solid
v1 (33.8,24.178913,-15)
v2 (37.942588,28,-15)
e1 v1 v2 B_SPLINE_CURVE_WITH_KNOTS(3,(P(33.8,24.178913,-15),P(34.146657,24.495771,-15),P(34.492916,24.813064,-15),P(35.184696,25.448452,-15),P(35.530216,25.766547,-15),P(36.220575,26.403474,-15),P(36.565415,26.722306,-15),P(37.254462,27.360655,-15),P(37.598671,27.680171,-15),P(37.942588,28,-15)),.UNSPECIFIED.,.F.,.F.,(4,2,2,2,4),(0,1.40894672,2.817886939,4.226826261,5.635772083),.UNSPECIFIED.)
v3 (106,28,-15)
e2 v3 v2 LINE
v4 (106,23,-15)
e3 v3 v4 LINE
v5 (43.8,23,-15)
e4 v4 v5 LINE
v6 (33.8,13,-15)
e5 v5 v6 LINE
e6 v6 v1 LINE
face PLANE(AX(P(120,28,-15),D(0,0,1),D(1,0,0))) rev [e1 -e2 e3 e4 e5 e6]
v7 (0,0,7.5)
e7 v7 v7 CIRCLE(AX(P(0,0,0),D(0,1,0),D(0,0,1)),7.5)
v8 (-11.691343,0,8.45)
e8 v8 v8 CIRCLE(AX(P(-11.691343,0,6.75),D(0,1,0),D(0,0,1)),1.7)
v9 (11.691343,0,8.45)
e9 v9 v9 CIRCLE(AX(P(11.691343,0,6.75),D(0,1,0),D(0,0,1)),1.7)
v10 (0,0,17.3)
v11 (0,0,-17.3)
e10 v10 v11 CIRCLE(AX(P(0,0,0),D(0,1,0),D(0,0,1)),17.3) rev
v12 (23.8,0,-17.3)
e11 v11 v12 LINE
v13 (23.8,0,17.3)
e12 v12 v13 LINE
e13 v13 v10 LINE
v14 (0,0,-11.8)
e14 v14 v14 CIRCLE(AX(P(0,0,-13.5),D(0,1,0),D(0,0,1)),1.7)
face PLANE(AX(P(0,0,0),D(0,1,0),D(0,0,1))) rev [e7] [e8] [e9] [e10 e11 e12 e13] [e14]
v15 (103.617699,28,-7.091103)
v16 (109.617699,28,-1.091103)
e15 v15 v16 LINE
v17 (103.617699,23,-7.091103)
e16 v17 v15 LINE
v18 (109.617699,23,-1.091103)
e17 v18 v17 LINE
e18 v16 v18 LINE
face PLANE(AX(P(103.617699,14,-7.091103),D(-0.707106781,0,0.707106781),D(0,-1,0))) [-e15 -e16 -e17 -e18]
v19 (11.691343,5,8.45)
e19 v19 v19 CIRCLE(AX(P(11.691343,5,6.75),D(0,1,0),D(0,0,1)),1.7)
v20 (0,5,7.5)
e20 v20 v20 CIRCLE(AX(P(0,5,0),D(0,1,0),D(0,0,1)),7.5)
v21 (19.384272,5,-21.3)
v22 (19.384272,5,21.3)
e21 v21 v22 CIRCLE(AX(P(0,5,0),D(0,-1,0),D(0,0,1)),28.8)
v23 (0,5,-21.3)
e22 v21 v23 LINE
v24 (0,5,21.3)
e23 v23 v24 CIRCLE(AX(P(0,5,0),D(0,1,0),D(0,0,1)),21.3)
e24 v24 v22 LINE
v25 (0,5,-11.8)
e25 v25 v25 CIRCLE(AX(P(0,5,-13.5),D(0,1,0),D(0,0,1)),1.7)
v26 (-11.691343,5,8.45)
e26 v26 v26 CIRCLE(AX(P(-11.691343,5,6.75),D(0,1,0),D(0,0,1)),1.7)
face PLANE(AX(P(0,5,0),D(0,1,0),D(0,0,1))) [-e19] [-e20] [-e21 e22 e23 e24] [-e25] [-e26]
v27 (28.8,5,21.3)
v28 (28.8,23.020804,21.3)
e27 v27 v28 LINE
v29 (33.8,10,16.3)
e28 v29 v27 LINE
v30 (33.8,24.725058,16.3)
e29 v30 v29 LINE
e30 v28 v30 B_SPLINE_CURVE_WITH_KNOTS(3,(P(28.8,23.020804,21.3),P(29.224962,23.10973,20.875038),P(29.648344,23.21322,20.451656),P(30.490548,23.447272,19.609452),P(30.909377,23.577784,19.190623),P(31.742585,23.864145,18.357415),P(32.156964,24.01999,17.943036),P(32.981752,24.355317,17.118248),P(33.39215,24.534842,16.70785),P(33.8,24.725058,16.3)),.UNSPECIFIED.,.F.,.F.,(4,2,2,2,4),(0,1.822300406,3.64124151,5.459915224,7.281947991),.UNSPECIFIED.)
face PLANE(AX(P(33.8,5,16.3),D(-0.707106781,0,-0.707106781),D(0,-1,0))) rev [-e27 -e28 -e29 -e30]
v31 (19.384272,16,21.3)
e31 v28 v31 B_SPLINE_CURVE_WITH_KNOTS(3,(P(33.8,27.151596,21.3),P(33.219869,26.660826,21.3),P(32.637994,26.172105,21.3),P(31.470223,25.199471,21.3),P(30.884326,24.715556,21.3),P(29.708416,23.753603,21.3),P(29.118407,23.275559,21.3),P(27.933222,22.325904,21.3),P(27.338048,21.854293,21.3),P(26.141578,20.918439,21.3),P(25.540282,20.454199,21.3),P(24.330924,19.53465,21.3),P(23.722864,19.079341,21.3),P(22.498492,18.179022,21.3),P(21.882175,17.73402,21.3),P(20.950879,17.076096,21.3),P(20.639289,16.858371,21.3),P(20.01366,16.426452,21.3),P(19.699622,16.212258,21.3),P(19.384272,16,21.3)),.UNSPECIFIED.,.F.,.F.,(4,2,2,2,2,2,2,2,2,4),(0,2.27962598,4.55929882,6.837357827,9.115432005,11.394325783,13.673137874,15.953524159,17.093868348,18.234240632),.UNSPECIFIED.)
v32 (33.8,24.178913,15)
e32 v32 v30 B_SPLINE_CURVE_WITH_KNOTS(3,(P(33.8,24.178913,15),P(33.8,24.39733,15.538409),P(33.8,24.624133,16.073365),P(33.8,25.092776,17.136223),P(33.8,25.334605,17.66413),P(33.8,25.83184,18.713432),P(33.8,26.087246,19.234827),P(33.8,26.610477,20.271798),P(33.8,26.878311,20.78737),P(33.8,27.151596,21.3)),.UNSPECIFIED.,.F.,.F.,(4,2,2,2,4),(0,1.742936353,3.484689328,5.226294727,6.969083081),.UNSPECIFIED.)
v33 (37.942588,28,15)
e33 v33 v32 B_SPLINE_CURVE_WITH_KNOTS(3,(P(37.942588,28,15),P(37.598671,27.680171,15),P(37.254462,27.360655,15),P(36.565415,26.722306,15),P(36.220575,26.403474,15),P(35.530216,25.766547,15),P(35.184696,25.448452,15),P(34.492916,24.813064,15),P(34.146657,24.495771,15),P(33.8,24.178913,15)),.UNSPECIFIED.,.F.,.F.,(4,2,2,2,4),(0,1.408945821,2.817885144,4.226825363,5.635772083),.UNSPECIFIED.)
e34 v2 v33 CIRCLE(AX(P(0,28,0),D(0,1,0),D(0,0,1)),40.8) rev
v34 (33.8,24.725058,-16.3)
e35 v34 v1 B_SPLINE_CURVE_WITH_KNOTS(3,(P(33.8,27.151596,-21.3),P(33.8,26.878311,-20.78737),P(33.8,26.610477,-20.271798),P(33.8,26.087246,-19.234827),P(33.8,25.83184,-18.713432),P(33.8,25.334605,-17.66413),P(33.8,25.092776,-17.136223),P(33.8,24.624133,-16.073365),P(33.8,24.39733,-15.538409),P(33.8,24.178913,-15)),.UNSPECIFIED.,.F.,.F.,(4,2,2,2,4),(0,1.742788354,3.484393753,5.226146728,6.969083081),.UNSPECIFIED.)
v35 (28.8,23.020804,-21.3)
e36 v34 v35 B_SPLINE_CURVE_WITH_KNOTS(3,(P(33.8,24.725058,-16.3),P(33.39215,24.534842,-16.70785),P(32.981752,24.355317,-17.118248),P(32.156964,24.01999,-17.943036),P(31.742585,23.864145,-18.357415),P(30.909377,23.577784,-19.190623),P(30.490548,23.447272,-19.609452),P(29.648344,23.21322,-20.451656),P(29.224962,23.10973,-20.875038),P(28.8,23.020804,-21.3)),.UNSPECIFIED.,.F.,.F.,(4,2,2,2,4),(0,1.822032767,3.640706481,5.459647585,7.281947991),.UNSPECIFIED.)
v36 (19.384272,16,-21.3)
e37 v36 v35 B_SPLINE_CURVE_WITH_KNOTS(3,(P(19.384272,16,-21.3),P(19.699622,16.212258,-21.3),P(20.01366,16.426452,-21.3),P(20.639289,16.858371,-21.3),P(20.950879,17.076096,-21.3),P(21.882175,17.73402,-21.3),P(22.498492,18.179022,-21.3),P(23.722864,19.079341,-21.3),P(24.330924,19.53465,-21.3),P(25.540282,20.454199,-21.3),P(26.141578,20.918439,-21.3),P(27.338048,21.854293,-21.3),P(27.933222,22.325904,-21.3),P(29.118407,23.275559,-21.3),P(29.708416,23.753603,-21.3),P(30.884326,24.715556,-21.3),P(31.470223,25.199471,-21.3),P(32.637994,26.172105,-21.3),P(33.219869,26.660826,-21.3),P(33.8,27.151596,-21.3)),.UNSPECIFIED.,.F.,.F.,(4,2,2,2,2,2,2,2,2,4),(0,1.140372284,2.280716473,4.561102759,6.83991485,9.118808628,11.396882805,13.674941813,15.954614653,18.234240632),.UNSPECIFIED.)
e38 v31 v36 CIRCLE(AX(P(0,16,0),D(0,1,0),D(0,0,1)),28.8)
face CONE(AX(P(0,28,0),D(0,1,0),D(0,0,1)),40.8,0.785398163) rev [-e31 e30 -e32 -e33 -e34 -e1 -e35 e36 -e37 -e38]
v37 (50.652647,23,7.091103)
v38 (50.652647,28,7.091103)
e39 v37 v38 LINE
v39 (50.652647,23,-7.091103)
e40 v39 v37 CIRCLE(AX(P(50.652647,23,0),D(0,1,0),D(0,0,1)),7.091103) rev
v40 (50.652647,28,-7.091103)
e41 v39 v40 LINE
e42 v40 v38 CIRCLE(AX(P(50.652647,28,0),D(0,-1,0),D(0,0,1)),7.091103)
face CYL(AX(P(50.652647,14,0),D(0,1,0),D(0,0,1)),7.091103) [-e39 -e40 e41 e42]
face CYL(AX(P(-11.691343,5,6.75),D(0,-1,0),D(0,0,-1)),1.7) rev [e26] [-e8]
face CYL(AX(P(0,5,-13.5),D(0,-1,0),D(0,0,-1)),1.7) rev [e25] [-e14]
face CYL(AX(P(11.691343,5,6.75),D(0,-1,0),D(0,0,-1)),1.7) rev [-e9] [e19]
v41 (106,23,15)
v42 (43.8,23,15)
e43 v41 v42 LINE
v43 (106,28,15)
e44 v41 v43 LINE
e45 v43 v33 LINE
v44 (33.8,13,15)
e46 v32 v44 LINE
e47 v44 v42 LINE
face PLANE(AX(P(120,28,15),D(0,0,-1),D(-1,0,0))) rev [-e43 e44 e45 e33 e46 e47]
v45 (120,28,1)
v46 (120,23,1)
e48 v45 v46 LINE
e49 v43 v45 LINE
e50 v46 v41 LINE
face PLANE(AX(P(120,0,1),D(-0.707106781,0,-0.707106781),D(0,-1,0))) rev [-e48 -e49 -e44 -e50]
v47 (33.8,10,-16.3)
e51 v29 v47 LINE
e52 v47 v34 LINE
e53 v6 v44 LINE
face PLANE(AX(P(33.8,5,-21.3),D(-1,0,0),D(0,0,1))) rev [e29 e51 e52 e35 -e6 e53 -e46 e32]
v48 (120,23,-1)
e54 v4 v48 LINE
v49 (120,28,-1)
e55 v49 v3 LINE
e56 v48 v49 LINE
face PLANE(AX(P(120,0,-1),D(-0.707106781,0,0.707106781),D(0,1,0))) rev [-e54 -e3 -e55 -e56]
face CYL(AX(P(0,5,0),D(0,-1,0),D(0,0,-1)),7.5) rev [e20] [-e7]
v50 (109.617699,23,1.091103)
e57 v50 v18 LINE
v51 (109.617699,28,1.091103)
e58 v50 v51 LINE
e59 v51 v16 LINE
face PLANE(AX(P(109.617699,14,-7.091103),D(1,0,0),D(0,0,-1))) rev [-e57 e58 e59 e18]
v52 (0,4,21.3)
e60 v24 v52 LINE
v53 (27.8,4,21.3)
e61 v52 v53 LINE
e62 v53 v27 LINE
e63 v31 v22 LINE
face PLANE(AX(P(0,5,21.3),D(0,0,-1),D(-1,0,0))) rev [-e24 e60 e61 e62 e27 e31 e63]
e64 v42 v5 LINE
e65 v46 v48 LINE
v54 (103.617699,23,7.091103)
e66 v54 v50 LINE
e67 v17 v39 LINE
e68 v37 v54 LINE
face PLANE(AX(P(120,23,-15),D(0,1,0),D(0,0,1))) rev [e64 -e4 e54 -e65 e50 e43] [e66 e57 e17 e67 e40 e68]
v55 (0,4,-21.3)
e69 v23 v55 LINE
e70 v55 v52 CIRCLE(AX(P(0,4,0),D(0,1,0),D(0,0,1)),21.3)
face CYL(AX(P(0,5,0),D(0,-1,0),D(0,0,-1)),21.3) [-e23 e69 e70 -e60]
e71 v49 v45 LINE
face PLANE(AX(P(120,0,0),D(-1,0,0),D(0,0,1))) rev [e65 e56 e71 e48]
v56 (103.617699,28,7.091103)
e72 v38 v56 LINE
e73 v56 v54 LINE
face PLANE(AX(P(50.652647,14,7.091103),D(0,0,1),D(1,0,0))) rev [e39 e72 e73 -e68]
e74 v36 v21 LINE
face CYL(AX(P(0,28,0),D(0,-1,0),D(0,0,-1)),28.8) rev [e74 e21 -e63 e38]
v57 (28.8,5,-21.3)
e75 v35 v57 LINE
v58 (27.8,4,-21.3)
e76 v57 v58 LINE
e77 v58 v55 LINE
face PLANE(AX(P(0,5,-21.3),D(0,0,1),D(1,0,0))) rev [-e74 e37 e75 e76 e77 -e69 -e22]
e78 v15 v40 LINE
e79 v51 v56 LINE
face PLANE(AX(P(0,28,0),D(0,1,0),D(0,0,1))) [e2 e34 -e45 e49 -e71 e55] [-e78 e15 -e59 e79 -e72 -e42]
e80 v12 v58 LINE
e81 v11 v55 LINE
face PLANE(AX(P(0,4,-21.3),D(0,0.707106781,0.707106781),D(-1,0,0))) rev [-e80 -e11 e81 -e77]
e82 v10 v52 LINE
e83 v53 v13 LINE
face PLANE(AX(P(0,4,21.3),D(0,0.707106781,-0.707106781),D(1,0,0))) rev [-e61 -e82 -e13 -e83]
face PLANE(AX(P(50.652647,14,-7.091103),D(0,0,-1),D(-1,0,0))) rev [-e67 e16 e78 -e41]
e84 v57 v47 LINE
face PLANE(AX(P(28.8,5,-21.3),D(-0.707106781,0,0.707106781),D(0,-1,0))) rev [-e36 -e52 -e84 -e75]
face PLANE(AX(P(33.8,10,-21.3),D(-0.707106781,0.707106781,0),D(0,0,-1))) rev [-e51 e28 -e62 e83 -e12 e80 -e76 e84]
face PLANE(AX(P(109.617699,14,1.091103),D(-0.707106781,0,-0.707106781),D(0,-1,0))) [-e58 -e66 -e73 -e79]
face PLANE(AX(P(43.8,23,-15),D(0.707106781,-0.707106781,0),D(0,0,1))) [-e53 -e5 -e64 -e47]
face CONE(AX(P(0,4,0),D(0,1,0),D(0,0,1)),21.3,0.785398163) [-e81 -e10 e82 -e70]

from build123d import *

# Parameters (mm, degrees)
SKETCH_1_R          = 1.7
SKETCH_1_R_2        = 7.5
EXTRUDE_1_DEPTH     = 5
EXTRUDE_2_DEPTH     = 23
SKETCH_4_W          = 30
SKETCH_4_H          = 5
EXTRUDE_3_DEPTH     = 86.2
CHAMFER_1_SIZE      = 10
CHAMFER_2_SIZE      = 10
CHAMFER_3_SIZE      = 14
CHAMFER_5_SIZE      = 12
CHAMFER_6_SIZE      = 5
CUT_EXTRUDE_2_DEPTH = 14
CHAMFER_7_SIZE      = 6
CHAMFER_8_SIZE      = 4


with BuildPart() as part:
    # 草图1 → 凸台-拉伸1 (new body)
    with BuildSketch(Plane(origin=(0, 0, 0), x_dir=(1, 0, 0), z_dir=(0, 1, 0))):
        with BuildLine():
            Line((33.8, 21.3), (33.8, -21.3))
            Line((33.8, -21.3), (28.8, -21.3))
            Line((28.8, -21.3), (0, -21.3))
            ThreePointArc((0, -21.3), (-21.3, 0), (0, 21.3))
            Line((0, 21.3), (28.8, 21.3))
            Line((28.8, 21.3), (33.8, 21.3))
        make_face()
        with Locations(Location((0, 13.5, 0), (0, 0, 270))):
            Circle(SKETCH_1_R, mode=Mode.SUBTRACT)
        with Locations(Location((11.691342951, -6.75, 0), (0, 0, 270))):
            Circle(SKETCH_1_R, mode=Mode.SUBTRACT)
        with Locations(Location((-11.691342951, -6.75, 0), (0, 0, 270))):
            Circle(SKETCH_1_R, mode=Mode.SUBTRACT)
        with Locations(Location((0, 0, 0), (0, 0, 270))):
            Circle(SKETCH_1_R_2, mode=Mode.SUBTRACT)
    extrude(amount=EXTRUDE_1_DEPTH)

    # 草图3 → 凸台-拉伸2 (add)
    with BuildSketch(Plane(origin=(0, 5, 0), x_dir=(1, 0, 0), z_dir=(0, 1, 0))):
        with BuildLine():
            Line((33.8, 21.3), (19.384271975, 21.3))
            ThreePointArc((19.384271975, 21.3), (28.8, 0), (19.384271975, -21.3))
            Line((19.384271975, -21.3), (33.8, -21.3))
            Line((33.8, -21.3), (33.8, 21.3))
        make_face()
    extrude(amount=EXTRUDE_2_DEPTH)

    # 草图4 → 凸台-拉伸3 (add)
    with BuildSketch(Plane(origin=(33.8, 0, 0), x_dir=(0, 0, -1), z_dir=(1, 0, 0))):
        with Locations((0, 25.5)):
            Rectangle(SKETCH_4_W, SKETCH_4_H)
    extrude(amount=EXTRUDE_3_DEPTH)

    # 倒角1
    chamfer_1_edges = [part.edges().sort_by_distance(p)[0] for p in [
        (33.8, 23, 0),
    ]]
    chamfer(chamfer_1_edges, length=CHAMFER_1_SIZE)

    # 倒角2
    chamfer_2_edges = [part.edges().sort_by_distance(p)[0] for p in [
        (33.8, 0, 0),
    ]]
    chamfer(chamfer_2_edges, length=CHAMFER_2_SIZE)

    # 倒角3
    chamfer_3_edges = [part.edges().sort_by_distance(p)[0] for p in [
        (120, 25.5, -15),
        (120, 25.5, 15),
    ]]
    chamfer(chamfer_3_edges, length=CHAMFER_3_SIZE)

    # 倒角5
    chamfer_5_edges = [part.edges().sort_by_distance(p)[0] for p in [
        (28.8, 28, 0),
    ]]
    chamfer(chamfer_5_edges, length=CHAMFER_5_SIZE)

    # 倒角6
    chamfer_6_edges = [part.edges().sort_by_distance(p)[0] for p in [
        (33.8, 18.575797856, 21.3),
        (33.8, 18.575797856, -21.3),
    ]]
    chamfer(chamfer_6_edges, length=CHAMFER_6_SIZE)

    # 草图6 → 切除-拉伸2 (cut)
    with BuildSketch(Plane(origin=(0, 28, 0), x_dir=(1, 0, 0), z_dir=(0, 1, 0))):
        with BuildLine():
            Line((50.652646896, 7.091102625), (109.617699283, 7.091102625))
            Line((109.617699283, 7.091102625), (109.617699283, -7.091102625))
            Line((109.617699283, -7.091102625), (50.652646896, -7.091102625))
            ThreePointArc((50.652646896, -7.091102625), (57.743749521, 0), (50.652646896, 7.091102625))
        make_face()
    extrude(amount=-CUT_EXTRUDE_2_DEPTH, mode=Mode.SUBTRACT)

    # 倒角7
    chamfer_7_edges = [part.edges().sort_by_distance(p)[0] for p in [
        (109.617699283, 25.5, -7.091102625),
        (109.617699283, 25.5, 7.091102625),
    ]]
    chamfer(chamfer_7_edges, length=CHAMFER_7_SIZE)

    # 倒角8
    chamfer_8_edges = [part.edges().sort_by_distance(p)[0] for p in [
        (11.9, 0, 21.3),
        (-21.3, 0, 0),
        (11.9, 0, -21.3),
    ]]
    chamfer(chamfer_8_edges, length=CHAMFER_8_SIZE)


solid = part.part
